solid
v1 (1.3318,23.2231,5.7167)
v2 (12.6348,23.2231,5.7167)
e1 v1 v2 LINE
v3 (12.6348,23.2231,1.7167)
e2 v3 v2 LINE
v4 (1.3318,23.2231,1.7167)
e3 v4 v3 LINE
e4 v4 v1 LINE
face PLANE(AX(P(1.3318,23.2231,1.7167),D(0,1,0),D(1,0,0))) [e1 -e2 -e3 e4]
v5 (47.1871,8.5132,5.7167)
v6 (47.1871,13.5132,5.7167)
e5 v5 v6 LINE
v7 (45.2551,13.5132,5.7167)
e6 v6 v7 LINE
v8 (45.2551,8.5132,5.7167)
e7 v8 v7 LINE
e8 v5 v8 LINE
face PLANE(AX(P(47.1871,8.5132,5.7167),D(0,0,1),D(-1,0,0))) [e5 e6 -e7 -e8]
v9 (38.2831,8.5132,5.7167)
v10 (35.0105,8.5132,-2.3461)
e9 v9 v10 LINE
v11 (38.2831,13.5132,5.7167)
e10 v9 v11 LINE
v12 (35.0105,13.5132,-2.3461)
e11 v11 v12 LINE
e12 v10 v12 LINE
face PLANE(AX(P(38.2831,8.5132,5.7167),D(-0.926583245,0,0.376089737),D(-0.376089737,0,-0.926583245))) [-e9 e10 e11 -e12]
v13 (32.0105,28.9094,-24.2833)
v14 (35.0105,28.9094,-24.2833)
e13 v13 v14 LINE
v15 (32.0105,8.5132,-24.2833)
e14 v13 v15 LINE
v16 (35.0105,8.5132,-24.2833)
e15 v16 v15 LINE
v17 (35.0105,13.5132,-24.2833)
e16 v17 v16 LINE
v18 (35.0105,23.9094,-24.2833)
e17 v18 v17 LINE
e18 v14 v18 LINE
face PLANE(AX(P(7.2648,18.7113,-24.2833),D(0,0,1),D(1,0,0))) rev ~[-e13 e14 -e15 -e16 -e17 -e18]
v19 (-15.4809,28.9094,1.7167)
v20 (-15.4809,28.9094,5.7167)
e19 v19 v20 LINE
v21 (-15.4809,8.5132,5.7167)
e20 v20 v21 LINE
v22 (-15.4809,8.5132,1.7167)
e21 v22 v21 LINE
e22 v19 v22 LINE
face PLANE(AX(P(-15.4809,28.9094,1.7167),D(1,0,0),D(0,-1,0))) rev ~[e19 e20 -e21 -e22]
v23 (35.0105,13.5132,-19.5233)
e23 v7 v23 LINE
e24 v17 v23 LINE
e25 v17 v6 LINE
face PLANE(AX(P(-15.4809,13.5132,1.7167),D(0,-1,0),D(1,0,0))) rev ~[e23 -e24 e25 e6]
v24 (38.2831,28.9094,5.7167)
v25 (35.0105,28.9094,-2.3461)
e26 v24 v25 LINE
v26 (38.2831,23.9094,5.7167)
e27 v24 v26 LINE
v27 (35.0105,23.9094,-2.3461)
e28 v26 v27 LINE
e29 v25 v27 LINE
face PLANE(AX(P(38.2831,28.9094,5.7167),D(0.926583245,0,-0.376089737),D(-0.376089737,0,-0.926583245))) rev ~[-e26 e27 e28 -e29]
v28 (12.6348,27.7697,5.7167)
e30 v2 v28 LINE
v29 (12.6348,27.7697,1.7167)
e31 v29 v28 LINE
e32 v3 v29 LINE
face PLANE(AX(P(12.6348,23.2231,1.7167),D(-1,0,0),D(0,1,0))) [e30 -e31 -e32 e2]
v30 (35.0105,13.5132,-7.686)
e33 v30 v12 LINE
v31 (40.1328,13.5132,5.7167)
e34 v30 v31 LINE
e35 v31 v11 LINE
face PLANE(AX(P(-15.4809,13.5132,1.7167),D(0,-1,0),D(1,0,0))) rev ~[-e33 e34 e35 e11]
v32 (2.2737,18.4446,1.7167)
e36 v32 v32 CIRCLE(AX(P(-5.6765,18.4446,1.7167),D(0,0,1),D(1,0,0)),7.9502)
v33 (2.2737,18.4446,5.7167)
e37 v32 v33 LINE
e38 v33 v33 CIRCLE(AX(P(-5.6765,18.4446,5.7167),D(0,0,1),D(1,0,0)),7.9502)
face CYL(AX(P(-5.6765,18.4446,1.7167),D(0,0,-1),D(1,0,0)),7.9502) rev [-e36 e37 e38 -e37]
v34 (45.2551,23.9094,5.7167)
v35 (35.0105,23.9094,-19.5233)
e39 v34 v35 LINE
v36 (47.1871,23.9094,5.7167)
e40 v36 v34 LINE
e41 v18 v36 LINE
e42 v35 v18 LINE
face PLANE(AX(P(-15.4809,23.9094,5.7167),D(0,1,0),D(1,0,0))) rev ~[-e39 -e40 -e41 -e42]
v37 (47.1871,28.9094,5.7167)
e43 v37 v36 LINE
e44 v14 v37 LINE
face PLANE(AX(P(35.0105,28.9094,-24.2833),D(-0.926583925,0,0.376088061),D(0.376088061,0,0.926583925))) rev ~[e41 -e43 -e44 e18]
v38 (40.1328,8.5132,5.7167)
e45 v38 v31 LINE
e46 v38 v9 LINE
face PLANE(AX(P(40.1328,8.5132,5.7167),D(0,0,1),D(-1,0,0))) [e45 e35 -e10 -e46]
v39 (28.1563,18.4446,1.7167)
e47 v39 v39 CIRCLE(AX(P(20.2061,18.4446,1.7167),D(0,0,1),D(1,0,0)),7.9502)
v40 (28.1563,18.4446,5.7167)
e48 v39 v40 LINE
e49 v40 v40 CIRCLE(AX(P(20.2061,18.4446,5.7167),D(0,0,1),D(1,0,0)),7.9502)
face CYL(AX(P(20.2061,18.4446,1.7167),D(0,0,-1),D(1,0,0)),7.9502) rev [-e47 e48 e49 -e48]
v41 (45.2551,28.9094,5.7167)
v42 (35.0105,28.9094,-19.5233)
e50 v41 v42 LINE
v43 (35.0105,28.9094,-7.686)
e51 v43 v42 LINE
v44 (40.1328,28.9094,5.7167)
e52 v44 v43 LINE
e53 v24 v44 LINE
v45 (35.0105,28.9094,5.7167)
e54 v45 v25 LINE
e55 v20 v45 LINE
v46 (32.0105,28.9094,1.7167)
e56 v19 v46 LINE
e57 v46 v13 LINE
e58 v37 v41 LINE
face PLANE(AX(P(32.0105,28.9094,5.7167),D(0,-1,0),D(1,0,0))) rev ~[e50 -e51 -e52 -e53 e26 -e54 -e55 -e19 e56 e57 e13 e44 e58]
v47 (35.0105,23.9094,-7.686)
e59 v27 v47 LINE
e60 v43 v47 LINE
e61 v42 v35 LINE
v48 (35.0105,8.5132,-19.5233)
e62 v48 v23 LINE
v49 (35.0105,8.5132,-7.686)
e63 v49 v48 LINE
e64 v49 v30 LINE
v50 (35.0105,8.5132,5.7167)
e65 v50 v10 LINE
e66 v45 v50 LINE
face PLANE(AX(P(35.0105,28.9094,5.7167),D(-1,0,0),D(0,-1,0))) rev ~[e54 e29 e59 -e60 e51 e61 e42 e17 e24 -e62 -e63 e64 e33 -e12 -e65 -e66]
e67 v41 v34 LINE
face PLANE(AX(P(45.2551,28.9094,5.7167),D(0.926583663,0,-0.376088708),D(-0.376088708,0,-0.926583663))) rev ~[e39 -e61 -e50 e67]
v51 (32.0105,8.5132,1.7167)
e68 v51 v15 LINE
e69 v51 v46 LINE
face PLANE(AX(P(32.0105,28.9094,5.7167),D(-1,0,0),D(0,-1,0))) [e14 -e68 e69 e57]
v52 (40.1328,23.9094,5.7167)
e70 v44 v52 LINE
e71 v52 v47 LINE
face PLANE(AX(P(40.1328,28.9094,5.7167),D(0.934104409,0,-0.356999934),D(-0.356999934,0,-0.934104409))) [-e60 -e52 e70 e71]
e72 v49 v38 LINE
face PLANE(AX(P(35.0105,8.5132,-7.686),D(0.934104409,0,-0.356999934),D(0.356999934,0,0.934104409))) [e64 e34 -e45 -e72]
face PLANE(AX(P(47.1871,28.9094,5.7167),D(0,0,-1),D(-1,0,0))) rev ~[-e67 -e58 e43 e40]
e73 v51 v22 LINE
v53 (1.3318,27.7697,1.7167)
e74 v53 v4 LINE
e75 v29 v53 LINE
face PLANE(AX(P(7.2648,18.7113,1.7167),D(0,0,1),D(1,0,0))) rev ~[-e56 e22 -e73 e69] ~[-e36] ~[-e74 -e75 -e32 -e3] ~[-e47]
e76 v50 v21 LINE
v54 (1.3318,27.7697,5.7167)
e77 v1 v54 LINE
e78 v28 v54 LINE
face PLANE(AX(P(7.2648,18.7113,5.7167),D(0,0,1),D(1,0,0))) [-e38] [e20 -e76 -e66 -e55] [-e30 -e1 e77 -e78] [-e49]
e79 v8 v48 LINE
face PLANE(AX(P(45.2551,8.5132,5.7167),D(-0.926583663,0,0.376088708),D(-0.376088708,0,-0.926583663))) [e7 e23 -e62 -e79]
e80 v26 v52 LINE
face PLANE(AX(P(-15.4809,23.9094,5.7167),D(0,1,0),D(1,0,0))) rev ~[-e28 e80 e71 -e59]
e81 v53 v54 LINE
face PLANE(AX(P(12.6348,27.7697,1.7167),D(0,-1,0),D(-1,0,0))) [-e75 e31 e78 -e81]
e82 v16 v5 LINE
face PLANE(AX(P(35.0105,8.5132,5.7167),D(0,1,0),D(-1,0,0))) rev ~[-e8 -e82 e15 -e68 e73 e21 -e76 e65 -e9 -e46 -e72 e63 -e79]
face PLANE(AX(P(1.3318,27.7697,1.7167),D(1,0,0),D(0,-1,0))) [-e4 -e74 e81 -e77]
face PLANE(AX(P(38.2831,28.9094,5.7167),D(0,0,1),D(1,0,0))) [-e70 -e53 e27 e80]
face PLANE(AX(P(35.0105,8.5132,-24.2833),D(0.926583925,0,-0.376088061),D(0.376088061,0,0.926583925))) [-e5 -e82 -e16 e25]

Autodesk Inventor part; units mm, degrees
ref_plane "YZ Plane" through (0, 0, 0) normal (1, 0, 0) x (0, 1, 0)
ref_plane "XZ Plane" through (0, 0, 0) normal (0, 1, 0) x (-1, 0, 0)
ref_plane "XY Plane" through (0, 0, 0) normal (0, 0, 1) x (1, 0, 0)
ref_plane "Work Plane1" through (7.2648, 18.7113, 1.7167) normal (0, 0, 1) x (1, 0, 0)
sketch "Sketch1" plane through (7.2648, 18.7113, 1.7167) normal (0, 0, 1) x (1, 0, 0)
  circle A0 centre (-12.9413, -0.2667) radius 7.9502 projected
  line L0 (-5.933, 4.5118) -> (5.37, 4.5118) projected
  line L1 (5.37, 9.0584) -> (-5.933, 9.0584) projected
  line L2 (5.37, 9.0584) -> (-5.933, 9.0584) projected
  circle A1 centre (-12.9413, -0.2667) radius 7.9502 projected
  circle A2 centre (12.9413, -0.2667) radius 7.9502 projected
  line L3 (22.7457, -10.1981) -> (22.7457, 10.1981)
  line L4 (22.7457, 10.1981) -> (-22.7457, 10.1981) projected
  line L5 (-22.7457, -10.1981) -> (22.7457, -10.1981)
  line L6 (-22.7457, 10.1981) -> (-22.7457, -10.1981)
  line L7 (-5.933, 6.444) -> (-5.933, 4.5118) projected
  line L8 (-5.933, 9.0584) -> (-5.933, 7.1262) projected
  line L9 (5.37, 4.5118) -> (5.37, 9.0584)
  line L10 (-5.933, 9.0584) -> (-5.933, 4.5118)
  circle A3 centre (-12.9413, -0.2667) radius 8.25
  circle A4 centre (12.9413, -0.2667) radius 8.25
  point P0 (-7.2648, -18.7113)
  dimension "d5" = 16.5
  dimension "d6" = 16.5
extrude "Extrusion1" add sketch "Sketch1" along normal blind 4 contours L5 L6 L4 L3 | A3 | A4
sketch "Sketch2" plane through (7.2648, 18.7113, 5.7167) normal (0, 0, 1) x (1, 0, 0)
  line L0 (22.7457, -10.1981) -> (22.7457, 10.1981)
  line L1 (22.7457, 10.1981) -> (27.7457, 10.1981)
  line L2 (27.7457, 10.1981) -> (27.7457, -10.1981)
  line L3 (27.7457, -10.1981) -> (22.7457, -10.1981)
  line L4 (22.7457, -10.1981) -> (22.7457, 10.1981)
  line L5 (24.7457, 10.1981) -> (24.7457, -10.1981)
  point P0 (-7.2648, -18.7113)
  dimension "d7" = 5
  dimension "d8" = 2
extrude "Extrusion3" add sketch "Sketch2" against normal blind 30 contours L5 L1 L2 L3
sketch "Sketch3" plane through (7.2648, 18.7113, 5.7167) normal (0, 0, 1) x (1, 0, 0)
  line L0 (22.7457, -10.1981) -> (22.7457, 10.1981) projected
  line L1 (24.7457, -10.1981) -> (24.7457, 10.1981) projected
  line L2 (22.7457, 10.1981) -> (24.7457, 10.1981)
  line L3 (24.7457, 10.1981) -> (24.7457, -10.1981)
  line L4 (24.7457, -10.1981) -> (22.7457, -10.1981)
  line L5 (22.7457, -10.1981) -> (22.7457, 10.1981)
  point P0 (-7.2648, -18.7113)
extrude "Extrusion4" add sketch "Sketch3" against normal blind 4
sketch "Sketch4" plane through (-15.4809, 28.9094, 5.7167) normal (0, 1, 0) x (1, 0, 0)
  line L0 (50.4914, 0) -> (50.4914, 30) projected
  line L1 (50.4914, 30) -> (62.668, 0)
  line L2 (62.668, 0) -> (60.736, 0)
  line L3 (60.736, 0) -> (50.4914, 25.24)
  line L4 (55.6137, 0) -> (50.4914, 13.4027)
  line L5 (53.764, 0) -> (50.4914, 8.0628)
  line L6 (50.4914, 13.4027) -> (50.4914, 8.0628)
  line L7 (53.764, 0) -> (55.6137, 0)
  point P0 (15.4809, 5.7167)
extrude "Extrusion5" add sketch "Sketch4" against normal blind 5
sketch "Sketch5" plane through (-15.4809, 8.5132, 1.7167) normal (0, -1, 0) x (1, 0, 0)
  line L0 (50.4914, -26) -> (50.4914, -21.24) projected
  line L1 (50.4914, -26) -> (62.668, 4) projected
  line L2 (62.668, 4) -> (60.736, 4) projected
  line L3 (60.736, 4) -> (50.4914, -21.24) projected
  line L4 (50.4914, -9.4027) -> (50.4914, -4.0628) projected
  line L5 (50.4914, -9.4027) -> (55.6137, 4) projected
  line L6 (55.6137, 4) -> (53.764, 4) projected
  line L7 (53.764, 4) -> (50.4914, -4.0628) projected
  point P0 (15.4809, -1.7167)
extrude "Extrusion6" add sketch "Sketch5" against normal blind 5
properties part number "USsensor holder"
